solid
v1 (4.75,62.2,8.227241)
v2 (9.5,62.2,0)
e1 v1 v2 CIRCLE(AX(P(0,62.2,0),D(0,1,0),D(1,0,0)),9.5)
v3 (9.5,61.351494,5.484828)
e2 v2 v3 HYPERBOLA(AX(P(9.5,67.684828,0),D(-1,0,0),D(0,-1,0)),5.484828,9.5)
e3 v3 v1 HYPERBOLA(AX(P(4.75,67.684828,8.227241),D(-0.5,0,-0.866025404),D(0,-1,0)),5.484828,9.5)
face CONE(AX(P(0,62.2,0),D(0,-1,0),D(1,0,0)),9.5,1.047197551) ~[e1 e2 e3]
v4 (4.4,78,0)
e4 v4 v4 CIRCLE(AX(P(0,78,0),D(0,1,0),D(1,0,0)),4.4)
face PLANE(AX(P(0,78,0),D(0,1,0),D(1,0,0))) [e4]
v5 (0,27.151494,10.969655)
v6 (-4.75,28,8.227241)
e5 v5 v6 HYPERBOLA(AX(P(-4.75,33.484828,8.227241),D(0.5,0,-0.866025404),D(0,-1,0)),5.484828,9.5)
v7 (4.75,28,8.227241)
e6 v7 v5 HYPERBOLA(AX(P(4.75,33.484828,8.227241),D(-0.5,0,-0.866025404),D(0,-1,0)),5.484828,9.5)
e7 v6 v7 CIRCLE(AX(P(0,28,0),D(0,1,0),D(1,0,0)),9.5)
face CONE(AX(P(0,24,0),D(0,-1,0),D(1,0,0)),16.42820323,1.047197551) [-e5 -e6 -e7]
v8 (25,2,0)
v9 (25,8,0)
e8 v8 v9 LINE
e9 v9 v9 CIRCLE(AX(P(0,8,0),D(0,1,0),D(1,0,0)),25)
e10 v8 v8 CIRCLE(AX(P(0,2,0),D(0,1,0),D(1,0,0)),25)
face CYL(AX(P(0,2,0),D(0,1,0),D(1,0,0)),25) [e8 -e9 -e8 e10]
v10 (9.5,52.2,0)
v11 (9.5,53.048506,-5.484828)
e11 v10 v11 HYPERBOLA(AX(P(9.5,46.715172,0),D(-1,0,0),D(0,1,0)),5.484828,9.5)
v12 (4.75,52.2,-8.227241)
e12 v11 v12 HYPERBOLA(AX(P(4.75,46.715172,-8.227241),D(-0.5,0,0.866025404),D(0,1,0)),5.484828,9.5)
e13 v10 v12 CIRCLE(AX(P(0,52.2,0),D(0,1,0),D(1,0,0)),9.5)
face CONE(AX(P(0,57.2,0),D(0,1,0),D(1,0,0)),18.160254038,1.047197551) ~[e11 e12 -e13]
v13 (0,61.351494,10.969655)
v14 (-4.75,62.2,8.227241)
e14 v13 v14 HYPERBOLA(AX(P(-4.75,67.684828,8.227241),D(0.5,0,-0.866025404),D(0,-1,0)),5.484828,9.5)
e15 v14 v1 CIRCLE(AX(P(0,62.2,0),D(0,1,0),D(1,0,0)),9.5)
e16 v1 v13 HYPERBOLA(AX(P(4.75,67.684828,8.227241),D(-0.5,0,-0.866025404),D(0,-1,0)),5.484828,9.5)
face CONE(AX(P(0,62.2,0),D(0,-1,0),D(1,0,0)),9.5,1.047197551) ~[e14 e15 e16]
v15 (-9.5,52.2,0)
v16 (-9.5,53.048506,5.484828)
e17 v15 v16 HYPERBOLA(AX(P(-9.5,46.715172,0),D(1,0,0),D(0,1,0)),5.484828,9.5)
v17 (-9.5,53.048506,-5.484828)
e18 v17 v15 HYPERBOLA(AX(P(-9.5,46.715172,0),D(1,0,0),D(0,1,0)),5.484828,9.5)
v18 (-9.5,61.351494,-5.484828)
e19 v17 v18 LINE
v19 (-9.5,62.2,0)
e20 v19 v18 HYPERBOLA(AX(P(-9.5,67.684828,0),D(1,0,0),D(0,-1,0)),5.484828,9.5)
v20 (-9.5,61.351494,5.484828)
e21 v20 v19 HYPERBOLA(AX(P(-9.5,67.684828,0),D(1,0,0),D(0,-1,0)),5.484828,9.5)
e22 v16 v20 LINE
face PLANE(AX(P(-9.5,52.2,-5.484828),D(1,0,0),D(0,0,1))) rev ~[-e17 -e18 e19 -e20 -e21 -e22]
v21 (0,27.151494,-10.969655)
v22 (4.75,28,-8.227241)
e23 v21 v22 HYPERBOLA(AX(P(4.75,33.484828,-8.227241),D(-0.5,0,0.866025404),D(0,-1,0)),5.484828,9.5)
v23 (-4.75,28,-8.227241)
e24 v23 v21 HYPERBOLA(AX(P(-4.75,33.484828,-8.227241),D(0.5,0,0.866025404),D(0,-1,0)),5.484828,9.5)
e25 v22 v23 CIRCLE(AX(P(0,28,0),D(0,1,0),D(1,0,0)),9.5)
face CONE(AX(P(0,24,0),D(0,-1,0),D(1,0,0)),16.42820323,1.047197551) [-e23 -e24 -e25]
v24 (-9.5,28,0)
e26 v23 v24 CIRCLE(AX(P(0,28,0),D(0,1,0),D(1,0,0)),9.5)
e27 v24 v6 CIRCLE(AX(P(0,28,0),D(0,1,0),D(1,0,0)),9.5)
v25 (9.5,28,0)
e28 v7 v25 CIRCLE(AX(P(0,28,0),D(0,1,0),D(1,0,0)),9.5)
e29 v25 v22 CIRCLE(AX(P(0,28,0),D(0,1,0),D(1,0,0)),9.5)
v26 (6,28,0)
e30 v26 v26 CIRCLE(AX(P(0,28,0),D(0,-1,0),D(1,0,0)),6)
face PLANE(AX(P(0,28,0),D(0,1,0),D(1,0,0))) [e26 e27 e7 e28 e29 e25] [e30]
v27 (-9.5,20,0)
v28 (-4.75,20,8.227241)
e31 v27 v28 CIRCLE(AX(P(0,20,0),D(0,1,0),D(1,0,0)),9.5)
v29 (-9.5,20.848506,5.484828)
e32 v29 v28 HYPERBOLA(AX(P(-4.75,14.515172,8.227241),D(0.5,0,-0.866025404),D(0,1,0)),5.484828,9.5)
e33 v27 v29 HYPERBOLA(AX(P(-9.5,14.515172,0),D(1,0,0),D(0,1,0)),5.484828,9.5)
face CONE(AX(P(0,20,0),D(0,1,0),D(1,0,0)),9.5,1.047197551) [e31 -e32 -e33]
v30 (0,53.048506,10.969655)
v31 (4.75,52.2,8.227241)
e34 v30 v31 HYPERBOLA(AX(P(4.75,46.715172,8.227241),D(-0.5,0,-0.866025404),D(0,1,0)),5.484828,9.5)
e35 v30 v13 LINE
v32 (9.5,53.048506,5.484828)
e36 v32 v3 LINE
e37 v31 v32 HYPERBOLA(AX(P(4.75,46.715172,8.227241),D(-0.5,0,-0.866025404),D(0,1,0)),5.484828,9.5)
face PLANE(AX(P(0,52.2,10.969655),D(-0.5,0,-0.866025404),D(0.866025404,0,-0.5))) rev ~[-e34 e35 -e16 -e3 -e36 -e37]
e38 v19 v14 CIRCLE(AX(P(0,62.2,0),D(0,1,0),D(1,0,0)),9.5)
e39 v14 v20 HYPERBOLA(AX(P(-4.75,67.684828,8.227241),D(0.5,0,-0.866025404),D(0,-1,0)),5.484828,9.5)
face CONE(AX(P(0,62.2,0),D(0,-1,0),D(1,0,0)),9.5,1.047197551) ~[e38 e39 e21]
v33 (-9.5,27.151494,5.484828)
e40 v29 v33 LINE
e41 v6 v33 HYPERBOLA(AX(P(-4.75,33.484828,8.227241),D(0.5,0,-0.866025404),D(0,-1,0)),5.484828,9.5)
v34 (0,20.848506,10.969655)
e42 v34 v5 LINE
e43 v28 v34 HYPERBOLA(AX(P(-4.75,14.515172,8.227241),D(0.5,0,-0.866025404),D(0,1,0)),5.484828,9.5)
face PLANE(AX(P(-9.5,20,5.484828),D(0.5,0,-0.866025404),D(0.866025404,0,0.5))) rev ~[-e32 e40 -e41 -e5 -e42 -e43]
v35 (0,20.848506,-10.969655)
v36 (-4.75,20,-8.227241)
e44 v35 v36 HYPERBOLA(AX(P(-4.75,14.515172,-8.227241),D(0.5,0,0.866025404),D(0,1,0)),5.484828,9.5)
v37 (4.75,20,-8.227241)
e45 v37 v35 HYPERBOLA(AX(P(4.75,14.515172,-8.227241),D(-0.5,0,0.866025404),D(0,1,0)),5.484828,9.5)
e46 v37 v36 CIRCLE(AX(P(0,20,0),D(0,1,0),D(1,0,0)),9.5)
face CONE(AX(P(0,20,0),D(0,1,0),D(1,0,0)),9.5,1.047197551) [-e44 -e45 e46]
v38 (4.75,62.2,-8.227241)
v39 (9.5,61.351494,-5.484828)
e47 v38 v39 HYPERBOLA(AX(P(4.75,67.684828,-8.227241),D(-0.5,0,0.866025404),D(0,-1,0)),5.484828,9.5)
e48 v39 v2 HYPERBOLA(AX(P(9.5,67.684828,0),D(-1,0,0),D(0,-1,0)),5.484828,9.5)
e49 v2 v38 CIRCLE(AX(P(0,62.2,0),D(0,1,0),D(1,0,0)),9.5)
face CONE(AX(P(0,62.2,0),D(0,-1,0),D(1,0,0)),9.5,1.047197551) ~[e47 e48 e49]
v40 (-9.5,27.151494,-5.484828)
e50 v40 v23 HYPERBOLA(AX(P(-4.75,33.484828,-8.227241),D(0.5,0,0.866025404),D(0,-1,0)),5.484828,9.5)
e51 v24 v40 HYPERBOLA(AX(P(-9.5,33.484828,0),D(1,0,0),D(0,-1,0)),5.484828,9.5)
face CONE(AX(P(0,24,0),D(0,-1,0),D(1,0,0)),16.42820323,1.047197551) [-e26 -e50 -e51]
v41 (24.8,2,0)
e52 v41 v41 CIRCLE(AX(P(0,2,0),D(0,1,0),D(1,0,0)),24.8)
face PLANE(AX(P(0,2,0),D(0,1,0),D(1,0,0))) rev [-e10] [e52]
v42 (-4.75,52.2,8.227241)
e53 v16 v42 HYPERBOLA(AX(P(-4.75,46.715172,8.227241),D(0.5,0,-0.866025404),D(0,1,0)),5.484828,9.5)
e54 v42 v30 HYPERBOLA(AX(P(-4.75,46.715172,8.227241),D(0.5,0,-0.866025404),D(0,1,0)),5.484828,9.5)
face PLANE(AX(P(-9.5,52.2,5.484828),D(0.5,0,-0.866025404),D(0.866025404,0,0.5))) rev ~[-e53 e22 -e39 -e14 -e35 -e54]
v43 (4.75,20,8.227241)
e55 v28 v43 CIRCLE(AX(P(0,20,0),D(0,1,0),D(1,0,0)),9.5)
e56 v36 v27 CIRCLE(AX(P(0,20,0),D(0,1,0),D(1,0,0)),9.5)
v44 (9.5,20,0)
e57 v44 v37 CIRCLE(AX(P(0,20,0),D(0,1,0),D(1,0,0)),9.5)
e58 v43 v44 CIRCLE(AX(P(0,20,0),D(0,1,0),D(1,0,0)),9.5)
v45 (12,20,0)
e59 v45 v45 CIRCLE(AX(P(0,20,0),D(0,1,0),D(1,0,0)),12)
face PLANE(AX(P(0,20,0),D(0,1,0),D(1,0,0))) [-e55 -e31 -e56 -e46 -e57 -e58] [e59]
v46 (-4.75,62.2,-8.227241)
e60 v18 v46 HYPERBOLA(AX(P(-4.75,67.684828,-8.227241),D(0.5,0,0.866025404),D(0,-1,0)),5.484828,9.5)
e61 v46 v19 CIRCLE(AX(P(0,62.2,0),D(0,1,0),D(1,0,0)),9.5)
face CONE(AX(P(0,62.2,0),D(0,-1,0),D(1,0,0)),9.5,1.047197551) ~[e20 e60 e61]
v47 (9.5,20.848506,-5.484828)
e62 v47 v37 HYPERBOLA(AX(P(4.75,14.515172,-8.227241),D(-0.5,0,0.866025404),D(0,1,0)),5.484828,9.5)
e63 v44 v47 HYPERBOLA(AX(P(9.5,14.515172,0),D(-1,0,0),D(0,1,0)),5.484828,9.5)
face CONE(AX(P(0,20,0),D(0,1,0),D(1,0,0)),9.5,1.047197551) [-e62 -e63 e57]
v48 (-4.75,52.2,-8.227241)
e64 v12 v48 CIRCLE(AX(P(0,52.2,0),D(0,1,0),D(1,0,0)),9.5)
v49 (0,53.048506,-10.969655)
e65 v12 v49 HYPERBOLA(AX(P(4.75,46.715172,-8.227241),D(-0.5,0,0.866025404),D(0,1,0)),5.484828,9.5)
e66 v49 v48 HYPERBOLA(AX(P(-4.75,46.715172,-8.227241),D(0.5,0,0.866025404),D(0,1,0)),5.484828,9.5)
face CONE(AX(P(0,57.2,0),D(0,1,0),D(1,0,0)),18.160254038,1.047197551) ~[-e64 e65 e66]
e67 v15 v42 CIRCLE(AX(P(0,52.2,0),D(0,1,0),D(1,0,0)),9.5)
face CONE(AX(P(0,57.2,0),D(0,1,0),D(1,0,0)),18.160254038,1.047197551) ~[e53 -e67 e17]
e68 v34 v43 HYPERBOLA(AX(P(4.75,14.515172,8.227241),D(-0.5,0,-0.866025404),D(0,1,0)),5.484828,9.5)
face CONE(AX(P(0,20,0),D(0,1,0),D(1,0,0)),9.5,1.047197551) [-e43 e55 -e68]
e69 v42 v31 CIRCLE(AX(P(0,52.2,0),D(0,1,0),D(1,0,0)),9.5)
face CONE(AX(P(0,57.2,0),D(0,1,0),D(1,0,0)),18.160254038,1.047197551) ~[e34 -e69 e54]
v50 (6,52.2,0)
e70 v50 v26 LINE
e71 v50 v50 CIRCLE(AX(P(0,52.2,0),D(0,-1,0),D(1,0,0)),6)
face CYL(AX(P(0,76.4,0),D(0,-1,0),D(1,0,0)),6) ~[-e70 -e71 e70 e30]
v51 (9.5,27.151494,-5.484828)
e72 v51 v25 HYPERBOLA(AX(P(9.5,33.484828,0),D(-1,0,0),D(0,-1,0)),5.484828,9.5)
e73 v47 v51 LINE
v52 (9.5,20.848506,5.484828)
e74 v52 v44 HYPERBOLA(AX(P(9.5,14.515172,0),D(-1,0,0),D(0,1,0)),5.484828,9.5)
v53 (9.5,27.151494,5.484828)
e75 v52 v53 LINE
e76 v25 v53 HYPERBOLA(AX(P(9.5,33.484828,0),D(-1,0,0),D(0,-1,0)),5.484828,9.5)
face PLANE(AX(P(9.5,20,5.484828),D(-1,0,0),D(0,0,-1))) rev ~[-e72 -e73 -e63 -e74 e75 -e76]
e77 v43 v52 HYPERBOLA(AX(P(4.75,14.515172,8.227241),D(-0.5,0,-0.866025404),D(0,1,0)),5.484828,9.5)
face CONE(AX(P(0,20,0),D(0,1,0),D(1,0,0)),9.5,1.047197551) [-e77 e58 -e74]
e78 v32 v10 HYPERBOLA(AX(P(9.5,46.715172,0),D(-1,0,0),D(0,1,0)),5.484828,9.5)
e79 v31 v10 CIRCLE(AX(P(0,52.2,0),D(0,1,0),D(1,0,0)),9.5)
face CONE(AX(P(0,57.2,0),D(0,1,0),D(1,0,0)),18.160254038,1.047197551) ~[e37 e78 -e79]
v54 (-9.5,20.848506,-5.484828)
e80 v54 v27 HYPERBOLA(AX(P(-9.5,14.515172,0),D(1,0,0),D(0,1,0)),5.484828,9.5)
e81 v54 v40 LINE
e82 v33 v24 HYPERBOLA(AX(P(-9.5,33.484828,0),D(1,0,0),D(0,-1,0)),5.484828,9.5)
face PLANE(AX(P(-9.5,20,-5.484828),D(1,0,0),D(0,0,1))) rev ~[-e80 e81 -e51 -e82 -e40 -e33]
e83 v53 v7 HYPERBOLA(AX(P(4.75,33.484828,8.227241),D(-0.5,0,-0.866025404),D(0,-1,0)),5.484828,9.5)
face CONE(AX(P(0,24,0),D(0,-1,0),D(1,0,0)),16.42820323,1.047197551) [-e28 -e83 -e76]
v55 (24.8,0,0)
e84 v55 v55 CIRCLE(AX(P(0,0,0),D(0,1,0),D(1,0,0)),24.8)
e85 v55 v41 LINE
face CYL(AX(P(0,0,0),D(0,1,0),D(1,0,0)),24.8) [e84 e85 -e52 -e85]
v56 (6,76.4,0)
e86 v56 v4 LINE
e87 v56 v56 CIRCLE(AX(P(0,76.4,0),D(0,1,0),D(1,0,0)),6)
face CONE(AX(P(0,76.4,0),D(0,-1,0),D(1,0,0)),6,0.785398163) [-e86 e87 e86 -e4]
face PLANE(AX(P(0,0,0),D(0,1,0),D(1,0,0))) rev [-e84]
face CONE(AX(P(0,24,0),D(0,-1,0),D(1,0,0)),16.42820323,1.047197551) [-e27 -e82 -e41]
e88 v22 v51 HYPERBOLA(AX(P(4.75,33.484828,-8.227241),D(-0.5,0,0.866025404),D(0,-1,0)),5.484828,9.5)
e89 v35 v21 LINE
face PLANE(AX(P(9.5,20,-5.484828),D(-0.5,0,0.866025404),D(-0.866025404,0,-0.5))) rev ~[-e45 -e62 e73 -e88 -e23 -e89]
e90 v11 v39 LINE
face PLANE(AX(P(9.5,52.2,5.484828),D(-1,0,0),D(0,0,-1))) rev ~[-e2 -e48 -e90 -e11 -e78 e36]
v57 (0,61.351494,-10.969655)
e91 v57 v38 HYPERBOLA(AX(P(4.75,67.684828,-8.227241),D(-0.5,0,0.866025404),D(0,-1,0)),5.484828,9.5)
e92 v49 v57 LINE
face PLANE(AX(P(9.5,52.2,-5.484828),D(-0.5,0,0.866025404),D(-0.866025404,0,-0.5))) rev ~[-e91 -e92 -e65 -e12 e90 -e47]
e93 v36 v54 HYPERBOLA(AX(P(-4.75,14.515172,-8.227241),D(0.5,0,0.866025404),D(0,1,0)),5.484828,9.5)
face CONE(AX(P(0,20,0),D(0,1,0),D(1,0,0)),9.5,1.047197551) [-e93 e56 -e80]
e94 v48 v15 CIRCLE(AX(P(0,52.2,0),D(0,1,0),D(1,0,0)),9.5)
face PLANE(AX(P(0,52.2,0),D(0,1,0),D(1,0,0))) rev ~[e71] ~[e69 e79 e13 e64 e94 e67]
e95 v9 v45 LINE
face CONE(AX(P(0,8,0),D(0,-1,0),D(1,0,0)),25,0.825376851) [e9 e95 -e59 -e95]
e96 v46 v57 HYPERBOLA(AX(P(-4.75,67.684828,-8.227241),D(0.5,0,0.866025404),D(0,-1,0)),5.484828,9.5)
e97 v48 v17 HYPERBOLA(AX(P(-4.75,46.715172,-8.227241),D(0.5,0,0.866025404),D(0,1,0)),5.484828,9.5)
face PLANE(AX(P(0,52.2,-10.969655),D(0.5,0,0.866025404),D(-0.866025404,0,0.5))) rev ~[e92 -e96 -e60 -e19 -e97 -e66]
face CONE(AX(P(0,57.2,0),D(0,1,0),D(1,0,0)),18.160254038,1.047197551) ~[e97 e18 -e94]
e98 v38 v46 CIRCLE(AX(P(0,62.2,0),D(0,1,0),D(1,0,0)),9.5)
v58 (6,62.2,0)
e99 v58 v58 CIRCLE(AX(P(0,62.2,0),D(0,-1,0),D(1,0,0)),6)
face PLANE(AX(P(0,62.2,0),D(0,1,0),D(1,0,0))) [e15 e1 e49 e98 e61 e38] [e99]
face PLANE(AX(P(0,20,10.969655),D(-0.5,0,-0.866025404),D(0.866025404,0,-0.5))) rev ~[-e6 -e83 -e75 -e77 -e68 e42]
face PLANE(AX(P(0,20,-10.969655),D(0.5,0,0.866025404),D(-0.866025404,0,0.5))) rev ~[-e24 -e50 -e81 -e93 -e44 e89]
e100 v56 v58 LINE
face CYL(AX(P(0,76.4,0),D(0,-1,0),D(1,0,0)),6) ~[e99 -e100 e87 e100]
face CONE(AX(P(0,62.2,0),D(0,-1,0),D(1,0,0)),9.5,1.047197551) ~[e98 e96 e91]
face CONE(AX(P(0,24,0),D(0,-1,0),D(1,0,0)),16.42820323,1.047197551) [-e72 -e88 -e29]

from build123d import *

# Parameters (mm, degrees)
EXTRUDE_1_DEPTH = 8
EXTRUDE_2_DEPTH = 10


with BuildPart() as part:
    # Эскиз1 → Повернуть1 (revolve)
    with BuildSketch(Plane.XY, mode=Mode.PRIVATE) as revolve_1_sk:
        Polygon((0, 0), (-24.8, 0), (-24.8, 2), (-25, 2), (-25, 8), (-12, 20), (-6, 20), (-6, 28), (-6, 76.4), (-4.4, 78), (0, 78), align=None)
    revolve(revolve_1_sk.sketch.rotate(Axis((0, 0, 0), (0, 1, 0)), 180), axis=Axis((0, 0, 0), (0, 1, 0)))  # turned: the seam where the file's is

    # Эскиз2 → Бобышка-Вытянуть1 (add)
    with BuildSketch(Plane(origin=(0, 20, 0), x_dir=(1, 0, 0), z_dir=(0, 1, 0))):
        Polygon((0, 10.969655115), (-9.5, 5.484827557), (-9.5, -5.484827557), (0, -10.969655115), (9.5, -5.484827557), (9.5, 5.484827557), align=None)
    extrude(amount=EXTRUDE_1_DEPTH)

    # Эскиз3 → Бобышка-Вытянуть2 (add)
    with BuildSketch(Plane(origin=(0, 52.2, 0), x_dir=(1, 0, 0), z_dir=(0, 1, 0))):
        Polygon((9.5, 5.484827557), (0, 10.969655115), (-9.5, 5.484827557), (-9.5, -5.484827557), (0, -10.969655115), (9.5, -5.484827557), align=None)
    extrude(amount=EXTRUDE_2_DEPTH)

    # Эскиз4 → Вырез-Повернуть2 (revolve, cut)
    with BuildSketch(Plane.XY, mode=Mode.PRIVATE) as cut_revolve_2_sk:
        Polygon((-18.160254038, 62.2), (-9.5, 62.2), (-18.160254038, 57.2), align=None)
        Polygon((-18.160254038, 52.2), (-18.160254038, 57.2), (-9.5, 52.2), align=None)
        Polygon((-16.42820323, 28), (-16.42820323, 24), (-9.5, 28), align=None)
        Polygon((-16.42820323, 24), (-16.42820323, 20), (-9.5, 20), align=None)
    revolve(cut_revolve_2_sk.sketch.rotate(Axis((0, 78, 0), (0, 1, 0)), 180), axis=Axis((0, 78, 0), (0, 1, 0)), mode=Mode.SUBTRACT)  # turned: the seam where the file's is


solid = part.part
